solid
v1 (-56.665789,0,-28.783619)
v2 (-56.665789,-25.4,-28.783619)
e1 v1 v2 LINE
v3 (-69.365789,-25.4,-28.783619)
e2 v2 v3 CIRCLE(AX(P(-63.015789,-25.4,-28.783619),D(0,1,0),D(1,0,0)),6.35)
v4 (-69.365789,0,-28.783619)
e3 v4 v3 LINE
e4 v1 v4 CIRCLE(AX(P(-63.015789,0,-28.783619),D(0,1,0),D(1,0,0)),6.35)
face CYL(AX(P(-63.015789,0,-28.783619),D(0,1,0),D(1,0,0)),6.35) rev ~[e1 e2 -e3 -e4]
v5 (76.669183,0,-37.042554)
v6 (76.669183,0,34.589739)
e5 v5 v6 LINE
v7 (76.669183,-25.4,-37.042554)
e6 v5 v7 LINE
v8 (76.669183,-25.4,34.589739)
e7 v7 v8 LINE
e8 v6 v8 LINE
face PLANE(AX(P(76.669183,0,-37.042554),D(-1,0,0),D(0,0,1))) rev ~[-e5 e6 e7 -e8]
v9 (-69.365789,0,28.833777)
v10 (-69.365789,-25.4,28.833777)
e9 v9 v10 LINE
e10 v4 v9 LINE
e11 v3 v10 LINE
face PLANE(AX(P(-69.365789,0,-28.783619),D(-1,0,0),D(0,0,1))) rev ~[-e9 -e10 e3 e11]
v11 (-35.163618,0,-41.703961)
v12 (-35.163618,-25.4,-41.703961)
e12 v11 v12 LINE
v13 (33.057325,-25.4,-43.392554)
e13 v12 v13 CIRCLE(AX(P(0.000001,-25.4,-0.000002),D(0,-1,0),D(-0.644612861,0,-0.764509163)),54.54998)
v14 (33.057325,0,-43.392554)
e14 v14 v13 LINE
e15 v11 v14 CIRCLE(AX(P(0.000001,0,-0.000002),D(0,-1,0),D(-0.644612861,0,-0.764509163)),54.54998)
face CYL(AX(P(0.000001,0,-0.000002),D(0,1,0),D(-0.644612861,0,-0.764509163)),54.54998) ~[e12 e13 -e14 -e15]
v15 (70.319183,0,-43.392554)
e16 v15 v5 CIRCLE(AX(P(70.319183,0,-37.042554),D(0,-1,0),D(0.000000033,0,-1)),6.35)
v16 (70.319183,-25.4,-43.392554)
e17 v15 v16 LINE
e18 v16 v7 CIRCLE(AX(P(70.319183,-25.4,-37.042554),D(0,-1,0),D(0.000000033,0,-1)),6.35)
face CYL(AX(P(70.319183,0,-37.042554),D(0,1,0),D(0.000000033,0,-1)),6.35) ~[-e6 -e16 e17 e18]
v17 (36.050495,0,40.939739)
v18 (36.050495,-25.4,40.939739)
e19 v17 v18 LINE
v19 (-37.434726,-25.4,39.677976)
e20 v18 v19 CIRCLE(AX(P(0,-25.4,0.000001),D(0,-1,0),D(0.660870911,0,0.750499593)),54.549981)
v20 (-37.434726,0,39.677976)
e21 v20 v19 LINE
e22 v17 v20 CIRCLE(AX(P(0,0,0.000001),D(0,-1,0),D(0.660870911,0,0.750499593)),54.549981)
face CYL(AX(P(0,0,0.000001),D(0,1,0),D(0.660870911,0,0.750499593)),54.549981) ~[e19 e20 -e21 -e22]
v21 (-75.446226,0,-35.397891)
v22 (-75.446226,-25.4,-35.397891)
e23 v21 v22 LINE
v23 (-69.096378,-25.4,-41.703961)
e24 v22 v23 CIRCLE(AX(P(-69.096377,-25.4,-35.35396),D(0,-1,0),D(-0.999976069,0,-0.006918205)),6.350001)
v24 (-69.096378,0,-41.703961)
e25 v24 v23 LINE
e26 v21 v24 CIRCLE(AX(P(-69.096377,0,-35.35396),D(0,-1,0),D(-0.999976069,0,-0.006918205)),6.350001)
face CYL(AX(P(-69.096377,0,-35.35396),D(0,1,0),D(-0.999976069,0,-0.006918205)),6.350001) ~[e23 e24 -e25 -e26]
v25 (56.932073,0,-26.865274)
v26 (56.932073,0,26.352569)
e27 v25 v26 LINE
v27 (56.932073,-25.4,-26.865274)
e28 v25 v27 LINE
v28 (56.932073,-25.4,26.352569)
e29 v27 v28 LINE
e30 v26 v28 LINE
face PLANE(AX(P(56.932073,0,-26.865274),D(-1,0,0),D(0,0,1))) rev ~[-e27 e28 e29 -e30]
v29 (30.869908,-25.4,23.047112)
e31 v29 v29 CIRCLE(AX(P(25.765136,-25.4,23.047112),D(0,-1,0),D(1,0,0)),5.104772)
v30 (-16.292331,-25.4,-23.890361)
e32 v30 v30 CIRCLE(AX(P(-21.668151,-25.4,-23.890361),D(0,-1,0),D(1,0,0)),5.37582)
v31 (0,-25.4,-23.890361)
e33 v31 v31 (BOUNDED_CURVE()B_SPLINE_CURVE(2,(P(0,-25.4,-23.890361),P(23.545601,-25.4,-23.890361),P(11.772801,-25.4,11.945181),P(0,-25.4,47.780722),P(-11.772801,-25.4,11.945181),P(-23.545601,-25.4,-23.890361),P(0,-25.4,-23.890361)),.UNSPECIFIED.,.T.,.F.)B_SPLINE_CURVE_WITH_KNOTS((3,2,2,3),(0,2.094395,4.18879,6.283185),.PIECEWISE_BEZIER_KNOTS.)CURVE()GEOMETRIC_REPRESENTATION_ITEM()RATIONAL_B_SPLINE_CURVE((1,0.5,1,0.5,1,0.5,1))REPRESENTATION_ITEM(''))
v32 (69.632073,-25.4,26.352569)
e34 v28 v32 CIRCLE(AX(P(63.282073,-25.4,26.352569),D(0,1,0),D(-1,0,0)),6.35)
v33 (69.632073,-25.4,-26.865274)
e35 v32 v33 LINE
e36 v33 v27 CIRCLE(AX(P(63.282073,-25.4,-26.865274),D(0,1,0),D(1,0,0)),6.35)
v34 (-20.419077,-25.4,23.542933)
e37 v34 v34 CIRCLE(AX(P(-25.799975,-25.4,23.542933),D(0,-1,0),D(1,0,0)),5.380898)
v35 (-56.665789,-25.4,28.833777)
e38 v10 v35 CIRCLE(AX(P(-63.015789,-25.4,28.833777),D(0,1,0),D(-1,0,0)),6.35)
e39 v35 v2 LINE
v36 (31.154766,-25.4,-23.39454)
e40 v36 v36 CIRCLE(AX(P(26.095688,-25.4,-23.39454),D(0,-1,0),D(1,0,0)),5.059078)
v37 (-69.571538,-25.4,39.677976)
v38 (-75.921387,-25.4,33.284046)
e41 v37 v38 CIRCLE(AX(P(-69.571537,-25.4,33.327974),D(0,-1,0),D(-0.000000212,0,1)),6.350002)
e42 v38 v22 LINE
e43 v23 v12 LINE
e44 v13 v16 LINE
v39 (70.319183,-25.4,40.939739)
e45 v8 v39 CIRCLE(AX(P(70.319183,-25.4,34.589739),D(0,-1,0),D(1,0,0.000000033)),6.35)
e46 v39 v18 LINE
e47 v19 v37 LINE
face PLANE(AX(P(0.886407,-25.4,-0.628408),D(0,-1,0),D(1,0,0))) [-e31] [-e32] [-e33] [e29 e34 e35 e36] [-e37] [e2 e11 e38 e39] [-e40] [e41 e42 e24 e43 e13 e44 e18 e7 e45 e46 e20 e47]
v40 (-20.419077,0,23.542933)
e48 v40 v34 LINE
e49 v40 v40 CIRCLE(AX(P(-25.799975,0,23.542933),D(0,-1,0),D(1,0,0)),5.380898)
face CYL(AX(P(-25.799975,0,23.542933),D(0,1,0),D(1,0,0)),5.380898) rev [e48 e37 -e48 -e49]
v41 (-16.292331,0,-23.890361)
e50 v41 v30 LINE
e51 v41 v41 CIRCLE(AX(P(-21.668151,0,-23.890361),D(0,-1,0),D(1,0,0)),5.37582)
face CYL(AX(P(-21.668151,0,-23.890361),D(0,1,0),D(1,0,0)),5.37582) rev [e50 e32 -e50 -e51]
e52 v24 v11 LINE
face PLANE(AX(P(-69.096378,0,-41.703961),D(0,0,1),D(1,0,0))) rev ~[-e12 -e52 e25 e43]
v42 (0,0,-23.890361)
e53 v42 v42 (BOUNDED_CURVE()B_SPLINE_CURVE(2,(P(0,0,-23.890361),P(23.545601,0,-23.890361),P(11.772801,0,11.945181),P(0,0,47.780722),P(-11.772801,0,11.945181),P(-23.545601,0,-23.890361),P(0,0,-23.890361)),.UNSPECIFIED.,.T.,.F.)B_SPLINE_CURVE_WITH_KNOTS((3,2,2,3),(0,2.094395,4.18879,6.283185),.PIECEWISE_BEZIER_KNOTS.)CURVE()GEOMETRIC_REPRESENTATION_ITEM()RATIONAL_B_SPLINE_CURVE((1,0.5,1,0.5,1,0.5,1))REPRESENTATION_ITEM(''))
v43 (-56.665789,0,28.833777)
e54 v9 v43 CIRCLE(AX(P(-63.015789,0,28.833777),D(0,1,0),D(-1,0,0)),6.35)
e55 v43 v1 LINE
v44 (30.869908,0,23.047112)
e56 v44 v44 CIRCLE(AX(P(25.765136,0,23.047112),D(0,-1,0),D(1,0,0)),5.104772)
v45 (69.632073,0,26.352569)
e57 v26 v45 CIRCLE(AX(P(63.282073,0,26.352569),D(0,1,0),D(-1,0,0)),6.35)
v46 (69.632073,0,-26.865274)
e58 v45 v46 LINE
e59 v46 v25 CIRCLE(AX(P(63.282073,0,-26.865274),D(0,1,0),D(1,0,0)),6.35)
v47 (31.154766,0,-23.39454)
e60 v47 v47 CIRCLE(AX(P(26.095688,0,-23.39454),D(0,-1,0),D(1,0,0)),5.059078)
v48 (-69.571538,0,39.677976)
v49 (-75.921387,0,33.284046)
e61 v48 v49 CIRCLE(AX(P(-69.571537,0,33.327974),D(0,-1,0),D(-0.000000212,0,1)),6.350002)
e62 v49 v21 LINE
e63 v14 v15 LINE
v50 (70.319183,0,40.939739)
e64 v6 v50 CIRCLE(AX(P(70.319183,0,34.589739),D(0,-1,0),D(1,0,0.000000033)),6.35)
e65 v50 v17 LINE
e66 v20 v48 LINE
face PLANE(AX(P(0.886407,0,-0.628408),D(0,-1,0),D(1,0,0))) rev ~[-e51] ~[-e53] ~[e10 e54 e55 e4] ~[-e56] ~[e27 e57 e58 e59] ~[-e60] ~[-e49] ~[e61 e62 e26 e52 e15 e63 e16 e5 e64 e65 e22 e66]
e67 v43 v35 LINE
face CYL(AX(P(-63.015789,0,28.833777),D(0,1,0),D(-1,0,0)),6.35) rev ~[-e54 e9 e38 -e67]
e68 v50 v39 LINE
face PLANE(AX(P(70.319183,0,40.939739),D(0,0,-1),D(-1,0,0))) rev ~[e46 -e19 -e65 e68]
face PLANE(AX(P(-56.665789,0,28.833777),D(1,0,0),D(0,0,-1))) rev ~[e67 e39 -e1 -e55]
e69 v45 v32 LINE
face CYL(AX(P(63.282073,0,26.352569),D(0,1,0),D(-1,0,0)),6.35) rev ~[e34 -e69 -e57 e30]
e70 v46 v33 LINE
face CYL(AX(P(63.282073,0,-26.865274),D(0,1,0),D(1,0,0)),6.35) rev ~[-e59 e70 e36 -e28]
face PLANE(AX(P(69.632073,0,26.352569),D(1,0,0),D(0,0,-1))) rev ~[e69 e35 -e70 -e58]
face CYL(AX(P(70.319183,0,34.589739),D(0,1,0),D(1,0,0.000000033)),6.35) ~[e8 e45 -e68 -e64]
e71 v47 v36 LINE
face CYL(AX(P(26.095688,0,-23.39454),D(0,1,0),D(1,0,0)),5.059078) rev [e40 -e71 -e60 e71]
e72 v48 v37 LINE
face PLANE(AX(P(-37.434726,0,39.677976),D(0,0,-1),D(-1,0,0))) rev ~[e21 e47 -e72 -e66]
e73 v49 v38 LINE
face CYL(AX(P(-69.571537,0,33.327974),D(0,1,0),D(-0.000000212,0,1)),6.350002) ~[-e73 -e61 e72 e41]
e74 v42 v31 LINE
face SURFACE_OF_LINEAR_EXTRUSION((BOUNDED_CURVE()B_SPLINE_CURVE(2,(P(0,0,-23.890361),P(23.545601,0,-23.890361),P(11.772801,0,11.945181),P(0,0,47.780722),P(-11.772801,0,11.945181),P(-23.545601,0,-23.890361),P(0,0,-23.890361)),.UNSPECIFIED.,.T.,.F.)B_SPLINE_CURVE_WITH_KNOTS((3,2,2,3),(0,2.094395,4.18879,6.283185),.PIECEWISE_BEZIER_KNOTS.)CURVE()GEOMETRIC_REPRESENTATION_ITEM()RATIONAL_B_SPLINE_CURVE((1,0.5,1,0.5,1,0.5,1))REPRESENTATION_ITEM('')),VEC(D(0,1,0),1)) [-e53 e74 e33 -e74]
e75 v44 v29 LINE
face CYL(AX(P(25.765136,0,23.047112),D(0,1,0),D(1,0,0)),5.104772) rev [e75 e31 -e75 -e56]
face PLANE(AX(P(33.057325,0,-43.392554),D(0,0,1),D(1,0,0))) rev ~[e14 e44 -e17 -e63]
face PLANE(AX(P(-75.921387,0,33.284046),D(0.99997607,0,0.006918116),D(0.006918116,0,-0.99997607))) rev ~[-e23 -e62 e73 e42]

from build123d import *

# Parameters (mm, degrees)
F0_R     = 5.37582
F0_R_2   = 5.059078
F0_R_3   = 5.380898
F0_R_4   = 5.104772
F1_DEPTH = 25.4


with BuildPart() as f1:
    # F0 (on Front) → F1 (new body)
    with BuildSketch(Plane.XZ):
        with BuildLine():
            Line((70.319183, 40.939739), (36.050495, 40.939739))
            ThreePointArc((36.050495, 40.939739), (-0.936502, 54.541942), (-37.434726, 39.677976))
            Line((-37.434726, 39.677976), (-69.571538, 39.677976))
            ThreePointArc((-69.571538, 39.677976), (-74.077171, 37.802545), (-75.921387, 33.284046))
            Line((-75.921387, 33.284046), (-75.446226, -35.397891))
            ThreePointArc((-75.446226, -35.397891), (-73.570947, -39.859594), (-69.096378, -41.703961))
            Line((-69.096378, -41.703961), (-35.163618, -41.703961))
            ThreePointArc((-35.163618, -41.703961), (-1.349798, -54.533279), (33.057325, -43.392554))
            Line((33.057325, -43.392554), (70.319183, -43.392554))
            ThreePointArc((70.319183, -43.392554), (74.809311, -41.532682), (76.669183, -37.042554))
            Line((76.669183, -37.042554), (76.669183, 34.589739))
            ThreePointArc((76.669183, 34.589739), (74.809311, 39.079867), (70.319183, 40.939739))
        make_face()
        with Locations((-21.668151, -23.890361)):
            Circle(F0_R, mode=Mode.SUBTRACT)
        with Locations((26.095688, -23.39454)):
            Circle(F0_R_2, mode=Mode.SUBTRACT)
        with BuildLine():
            Line((56.932073, -26.865274), (56.932073, 26.352569))
            ThreePointArc((56.932073, 26.352569), (63.282073, 32.702569), (69.632073, 26.352569))
            Line((69.632073, 26.352569), (69.632073, -26.865274))
            ThreePointArc((69.632073, -26.865274), (63.282073, -33.215274), (56.932073, -26.865274))
        make_face(mode=Mode.SUBTRACT)
        with BuildLine():
            Line((-69.365789, -28.783619), (-69.365789, 28.833777))
            ThreePointArc((-69.365789, 28.833777), (-63.015789, 35.183777), (-56.665789, 28.833777))
            Line((-56.665789, 28.833777), (-56.665789, -28.783619))
            ThreePointArc((-56.665789, -28.783619), (-63.015789, -35.133619), (-69.365789, -28.783619))
        make_face(mode=Mode.SUBTRACT)
        with BuildLine():
            add(Edge.make_bspline(
                [(0, -23.890361), (23.545601, -23.890361), (11.772801, 11.945181), (0, 47.780722), (-11.772801, 11.945181), (-23.545601, -23.890361), (0, -23.890361)],
                knots=[0, 0, 0, 2.094395, 2.094395, 4.18879, 4.18879, 6.283185, 6.283185, 6.283185], degree=2, weights=[1, 0.5, 1, 0.5, 1, 0.5, 1]))
        make_face(mode=Mode.SUBTRACT)
        with Locations((-25.799975, 23.542933)):
            Circle(F0_R_3, mode=Mode.SUBTRACT)
        with Locations((25.765136, 23.047112)):
            Circle(F0_R_4, mode=Mode.SUBTRACT)
    extrude(amount=F1_DEPTH)


solid = f1.part
